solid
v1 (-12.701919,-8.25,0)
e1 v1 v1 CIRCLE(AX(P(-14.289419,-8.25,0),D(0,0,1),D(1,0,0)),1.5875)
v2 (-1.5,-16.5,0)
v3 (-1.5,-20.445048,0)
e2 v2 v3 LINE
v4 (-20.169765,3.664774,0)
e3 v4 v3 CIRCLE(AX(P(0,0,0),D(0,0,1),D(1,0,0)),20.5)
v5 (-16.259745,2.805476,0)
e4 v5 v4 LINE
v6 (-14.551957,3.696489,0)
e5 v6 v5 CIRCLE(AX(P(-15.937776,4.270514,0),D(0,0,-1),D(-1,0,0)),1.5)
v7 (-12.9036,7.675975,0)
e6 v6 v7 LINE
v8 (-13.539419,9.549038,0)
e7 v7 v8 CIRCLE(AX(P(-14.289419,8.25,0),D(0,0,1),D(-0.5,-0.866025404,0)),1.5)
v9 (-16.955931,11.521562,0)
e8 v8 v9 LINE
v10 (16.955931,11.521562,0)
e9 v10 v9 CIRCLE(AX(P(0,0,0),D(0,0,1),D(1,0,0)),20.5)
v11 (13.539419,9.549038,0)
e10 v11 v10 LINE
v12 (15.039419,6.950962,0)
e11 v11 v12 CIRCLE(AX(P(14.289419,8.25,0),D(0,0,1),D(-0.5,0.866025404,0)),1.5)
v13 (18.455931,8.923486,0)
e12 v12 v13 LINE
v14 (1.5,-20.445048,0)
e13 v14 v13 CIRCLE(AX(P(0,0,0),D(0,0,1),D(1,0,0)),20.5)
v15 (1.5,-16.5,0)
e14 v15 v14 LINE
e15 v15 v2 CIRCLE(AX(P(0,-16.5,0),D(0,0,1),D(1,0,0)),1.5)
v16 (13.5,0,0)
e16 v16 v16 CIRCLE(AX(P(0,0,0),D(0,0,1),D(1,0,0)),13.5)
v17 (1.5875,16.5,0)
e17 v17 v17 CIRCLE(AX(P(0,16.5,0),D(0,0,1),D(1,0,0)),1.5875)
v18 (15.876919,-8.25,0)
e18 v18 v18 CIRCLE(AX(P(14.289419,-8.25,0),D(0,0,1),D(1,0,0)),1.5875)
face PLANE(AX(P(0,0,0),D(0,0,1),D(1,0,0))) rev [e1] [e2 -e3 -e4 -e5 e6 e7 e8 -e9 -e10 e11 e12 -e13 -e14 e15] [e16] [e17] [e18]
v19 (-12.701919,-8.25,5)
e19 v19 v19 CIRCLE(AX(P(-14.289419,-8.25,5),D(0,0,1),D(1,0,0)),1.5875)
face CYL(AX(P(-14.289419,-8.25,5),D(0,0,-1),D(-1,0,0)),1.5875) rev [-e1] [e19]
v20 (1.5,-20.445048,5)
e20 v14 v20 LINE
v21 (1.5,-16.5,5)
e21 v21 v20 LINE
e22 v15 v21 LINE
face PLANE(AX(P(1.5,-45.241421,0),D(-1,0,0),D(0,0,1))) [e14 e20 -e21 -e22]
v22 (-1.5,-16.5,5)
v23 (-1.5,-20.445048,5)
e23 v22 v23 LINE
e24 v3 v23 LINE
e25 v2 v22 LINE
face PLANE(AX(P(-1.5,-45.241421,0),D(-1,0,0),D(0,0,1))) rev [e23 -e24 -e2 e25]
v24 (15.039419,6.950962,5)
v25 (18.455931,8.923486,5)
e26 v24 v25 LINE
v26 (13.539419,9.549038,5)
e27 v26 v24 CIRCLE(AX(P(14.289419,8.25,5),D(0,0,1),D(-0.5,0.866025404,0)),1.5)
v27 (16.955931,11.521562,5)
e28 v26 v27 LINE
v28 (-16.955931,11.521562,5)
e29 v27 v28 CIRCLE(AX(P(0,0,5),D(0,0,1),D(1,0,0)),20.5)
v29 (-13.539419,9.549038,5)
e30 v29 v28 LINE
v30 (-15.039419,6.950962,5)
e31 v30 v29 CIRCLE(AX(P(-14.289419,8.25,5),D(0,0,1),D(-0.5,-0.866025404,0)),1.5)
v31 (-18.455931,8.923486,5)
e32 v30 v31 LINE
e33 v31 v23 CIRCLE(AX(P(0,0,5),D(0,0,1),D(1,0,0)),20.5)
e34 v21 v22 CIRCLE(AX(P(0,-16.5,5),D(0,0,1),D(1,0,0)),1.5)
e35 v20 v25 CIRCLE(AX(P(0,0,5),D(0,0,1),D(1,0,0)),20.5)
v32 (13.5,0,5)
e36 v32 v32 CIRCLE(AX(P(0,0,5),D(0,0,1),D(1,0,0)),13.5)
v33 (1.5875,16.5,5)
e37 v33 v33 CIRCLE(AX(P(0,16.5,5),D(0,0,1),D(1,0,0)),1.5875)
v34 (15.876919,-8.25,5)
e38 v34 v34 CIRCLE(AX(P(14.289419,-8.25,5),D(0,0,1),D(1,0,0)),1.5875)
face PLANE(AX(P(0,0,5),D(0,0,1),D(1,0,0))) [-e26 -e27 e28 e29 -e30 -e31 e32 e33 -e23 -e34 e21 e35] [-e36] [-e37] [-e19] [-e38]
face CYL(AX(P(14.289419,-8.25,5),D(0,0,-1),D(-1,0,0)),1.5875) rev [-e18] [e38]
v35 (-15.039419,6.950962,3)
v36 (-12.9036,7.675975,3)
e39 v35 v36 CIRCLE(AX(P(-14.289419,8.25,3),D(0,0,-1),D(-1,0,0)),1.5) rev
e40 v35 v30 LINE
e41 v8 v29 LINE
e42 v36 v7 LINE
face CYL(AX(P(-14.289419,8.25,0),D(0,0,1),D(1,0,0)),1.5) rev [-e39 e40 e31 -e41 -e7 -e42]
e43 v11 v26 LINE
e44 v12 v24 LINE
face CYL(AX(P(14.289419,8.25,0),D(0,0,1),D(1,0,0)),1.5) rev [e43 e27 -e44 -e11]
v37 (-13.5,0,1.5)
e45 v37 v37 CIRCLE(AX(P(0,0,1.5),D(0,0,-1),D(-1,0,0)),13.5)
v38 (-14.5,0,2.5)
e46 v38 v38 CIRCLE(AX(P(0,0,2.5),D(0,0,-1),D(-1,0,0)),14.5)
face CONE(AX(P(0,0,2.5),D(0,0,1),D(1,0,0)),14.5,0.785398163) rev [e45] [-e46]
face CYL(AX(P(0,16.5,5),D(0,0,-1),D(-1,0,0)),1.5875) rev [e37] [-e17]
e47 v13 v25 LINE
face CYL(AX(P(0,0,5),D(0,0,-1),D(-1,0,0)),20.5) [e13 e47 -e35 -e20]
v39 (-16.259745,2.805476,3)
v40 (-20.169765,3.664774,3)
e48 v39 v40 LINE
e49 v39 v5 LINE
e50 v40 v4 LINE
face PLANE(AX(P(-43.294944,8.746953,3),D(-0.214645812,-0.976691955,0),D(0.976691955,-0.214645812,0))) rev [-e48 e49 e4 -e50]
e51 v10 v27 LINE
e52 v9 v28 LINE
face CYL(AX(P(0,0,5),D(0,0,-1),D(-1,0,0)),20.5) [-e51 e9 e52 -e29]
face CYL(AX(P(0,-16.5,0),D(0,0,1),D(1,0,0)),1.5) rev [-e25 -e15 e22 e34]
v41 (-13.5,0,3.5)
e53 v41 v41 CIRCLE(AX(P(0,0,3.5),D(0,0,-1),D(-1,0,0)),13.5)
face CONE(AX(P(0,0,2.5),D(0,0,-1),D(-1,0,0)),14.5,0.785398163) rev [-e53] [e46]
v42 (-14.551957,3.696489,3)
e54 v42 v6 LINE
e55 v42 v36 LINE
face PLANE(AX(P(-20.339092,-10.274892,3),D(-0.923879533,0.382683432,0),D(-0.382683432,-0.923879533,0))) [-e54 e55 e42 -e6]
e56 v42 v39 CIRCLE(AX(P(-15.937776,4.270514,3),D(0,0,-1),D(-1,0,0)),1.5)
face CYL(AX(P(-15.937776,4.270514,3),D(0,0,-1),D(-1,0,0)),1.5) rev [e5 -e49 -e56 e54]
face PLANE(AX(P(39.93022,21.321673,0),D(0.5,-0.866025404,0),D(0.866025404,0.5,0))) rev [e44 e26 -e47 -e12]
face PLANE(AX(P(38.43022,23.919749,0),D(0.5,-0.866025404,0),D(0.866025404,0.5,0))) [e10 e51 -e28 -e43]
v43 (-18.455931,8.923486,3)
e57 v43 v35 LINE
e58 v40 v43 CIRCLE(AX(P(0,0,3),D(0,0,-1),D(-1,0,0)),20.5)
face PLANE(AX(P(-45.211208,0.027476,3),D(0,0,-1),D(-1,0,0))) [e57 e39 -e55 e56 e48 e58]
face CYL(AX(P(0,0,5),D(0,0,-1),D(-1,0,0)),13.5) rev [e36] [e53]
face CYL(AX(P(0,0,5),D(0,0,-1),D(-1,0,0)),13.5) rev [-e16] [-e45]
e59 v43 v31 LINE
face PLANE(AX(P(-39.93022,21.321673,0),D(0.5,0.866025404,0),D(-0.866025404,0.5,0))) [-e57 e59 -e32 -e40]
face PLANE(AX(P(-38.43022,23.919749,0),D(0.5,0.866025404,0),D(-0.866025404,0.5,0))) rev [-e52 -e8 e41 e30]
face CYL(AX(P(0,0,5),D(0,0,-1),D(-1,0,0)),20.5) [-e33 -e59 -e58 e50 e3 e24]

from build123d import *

# Parameters (mm, degrees)
SKETCH1_R          = 20.5
SKETCH1_R_2        = 13.5
SKETCH1_R_3        = 1.5875
EXTRUDE1_DEPTH     = 5
CUT_EXTRUDE1_DEPTH = 30.419381367
CIRPATTERN1_COUNT  = 3
CUT_EXTRUDE2_DEPTH = 3


with BuildPart() as part:
    # Sketch1 → Extrude1 (new body)
    with BuildSketch(Plane.XY):
        Circle(SKETCH1_R)
        Circle(SKETCH1_R_2, mode=Mode.SUBTRACT)
        with Locations((0, 16.5)):
            Circle(SKETCH1_R_3, mode=Mode.SUBTRACT)
        with Locations((14.289419162, -8.25)):
            Circle(SKETCH1_R_3, mode=Mode.SUBTRACT)
        with Locations((-14.289419162, -8.25)):
            Circle(SKETCH1_R_3, mode=Mode.SUBTRACT)
    extrude(amount=EXTRUDE1_DEPTH)

    # Sketch2 → Cut-Extrude1 (cut, through all)
    with BuildSketch(Plane.XY.offset(5)):
        with BuildLine():
            ThreePointArc((1.5, -16.5), (0, -15), (-1.5, -16.5))
            Line((-1.5, -16.5), (-1.5, -20.4450483))
            ThreePointArc((-1.5, -20.4450483), (0, -20.5), (1.5, -20.4450483))
            Line((1.5, -20.4450483), (1.5, -16.5))
        make_face()
    cut_extrude1 = extrude(amount=-CUT_EXTRUDE1_DEPTH, mode=Mode.SUBTRACT)

    # Sketch4 → Cut-Revolve3 (revolve, cut)
    with BuildSketch(Plane(origin=(0, 0, 0), x_dir=(1, 0, 0), z_dir=(0, 1, 0))):
        Polygon((-13.5, -1.5), (-14.5, -2.5), (-13.5, -3.5), align=None)
    revolve(axis=Axis((0, 0, 0), (0, 0, 1)), mode=Mode.SUBTRACT)

    # CirPattern1: Cut-Extrude1 ×3 about axis
    cirpattern1_axis = Axis((0, 0, 5), (0, 0, -1))
    for i in range(1, CIRPATTERN1_COUNT):
        add(cut_extrude1.rotate(cirpattern1_axis, i * 360 / CIRPATTERN1_COUNT), mode=Mode.SUBTRACT)

    # Sketch5 → Cut-Extrude2 (cut)
    with BuildSketch(Plane(origin=(0, 0, 0), x_dir=(-1, 0, 0), z_dir=(0, 0, -1))):
        with BuildLine():
            Line((12.903599864, 7.675974851), (14.551956835, 3.696489096))
            ThreePointArc((14.551956835, 3.696489096), (15.24393144, 2.940634723), (16.259744852, 2.805476312))
            Line((16.259744852, 2.805476312), (20.169765215, 3.664774367))
            ThreePointArc((20.169765215, 3.664774367), (19.491013781, 6.352195037), (18.45593121, 8.923486044))
            Line((18.45593121, 8.923486044), (15.039419162, 6.950961894))
            ThreePointArc((15.039419162, 6.950961894), (13.807259964, 6.829604806), (12.903599864, 7.675974851))
        make_face()
    extrude(amount=-CUT_EXTRUDE2_DEPTH, mode=Mode.SUBTRACT)


solid = part.part
